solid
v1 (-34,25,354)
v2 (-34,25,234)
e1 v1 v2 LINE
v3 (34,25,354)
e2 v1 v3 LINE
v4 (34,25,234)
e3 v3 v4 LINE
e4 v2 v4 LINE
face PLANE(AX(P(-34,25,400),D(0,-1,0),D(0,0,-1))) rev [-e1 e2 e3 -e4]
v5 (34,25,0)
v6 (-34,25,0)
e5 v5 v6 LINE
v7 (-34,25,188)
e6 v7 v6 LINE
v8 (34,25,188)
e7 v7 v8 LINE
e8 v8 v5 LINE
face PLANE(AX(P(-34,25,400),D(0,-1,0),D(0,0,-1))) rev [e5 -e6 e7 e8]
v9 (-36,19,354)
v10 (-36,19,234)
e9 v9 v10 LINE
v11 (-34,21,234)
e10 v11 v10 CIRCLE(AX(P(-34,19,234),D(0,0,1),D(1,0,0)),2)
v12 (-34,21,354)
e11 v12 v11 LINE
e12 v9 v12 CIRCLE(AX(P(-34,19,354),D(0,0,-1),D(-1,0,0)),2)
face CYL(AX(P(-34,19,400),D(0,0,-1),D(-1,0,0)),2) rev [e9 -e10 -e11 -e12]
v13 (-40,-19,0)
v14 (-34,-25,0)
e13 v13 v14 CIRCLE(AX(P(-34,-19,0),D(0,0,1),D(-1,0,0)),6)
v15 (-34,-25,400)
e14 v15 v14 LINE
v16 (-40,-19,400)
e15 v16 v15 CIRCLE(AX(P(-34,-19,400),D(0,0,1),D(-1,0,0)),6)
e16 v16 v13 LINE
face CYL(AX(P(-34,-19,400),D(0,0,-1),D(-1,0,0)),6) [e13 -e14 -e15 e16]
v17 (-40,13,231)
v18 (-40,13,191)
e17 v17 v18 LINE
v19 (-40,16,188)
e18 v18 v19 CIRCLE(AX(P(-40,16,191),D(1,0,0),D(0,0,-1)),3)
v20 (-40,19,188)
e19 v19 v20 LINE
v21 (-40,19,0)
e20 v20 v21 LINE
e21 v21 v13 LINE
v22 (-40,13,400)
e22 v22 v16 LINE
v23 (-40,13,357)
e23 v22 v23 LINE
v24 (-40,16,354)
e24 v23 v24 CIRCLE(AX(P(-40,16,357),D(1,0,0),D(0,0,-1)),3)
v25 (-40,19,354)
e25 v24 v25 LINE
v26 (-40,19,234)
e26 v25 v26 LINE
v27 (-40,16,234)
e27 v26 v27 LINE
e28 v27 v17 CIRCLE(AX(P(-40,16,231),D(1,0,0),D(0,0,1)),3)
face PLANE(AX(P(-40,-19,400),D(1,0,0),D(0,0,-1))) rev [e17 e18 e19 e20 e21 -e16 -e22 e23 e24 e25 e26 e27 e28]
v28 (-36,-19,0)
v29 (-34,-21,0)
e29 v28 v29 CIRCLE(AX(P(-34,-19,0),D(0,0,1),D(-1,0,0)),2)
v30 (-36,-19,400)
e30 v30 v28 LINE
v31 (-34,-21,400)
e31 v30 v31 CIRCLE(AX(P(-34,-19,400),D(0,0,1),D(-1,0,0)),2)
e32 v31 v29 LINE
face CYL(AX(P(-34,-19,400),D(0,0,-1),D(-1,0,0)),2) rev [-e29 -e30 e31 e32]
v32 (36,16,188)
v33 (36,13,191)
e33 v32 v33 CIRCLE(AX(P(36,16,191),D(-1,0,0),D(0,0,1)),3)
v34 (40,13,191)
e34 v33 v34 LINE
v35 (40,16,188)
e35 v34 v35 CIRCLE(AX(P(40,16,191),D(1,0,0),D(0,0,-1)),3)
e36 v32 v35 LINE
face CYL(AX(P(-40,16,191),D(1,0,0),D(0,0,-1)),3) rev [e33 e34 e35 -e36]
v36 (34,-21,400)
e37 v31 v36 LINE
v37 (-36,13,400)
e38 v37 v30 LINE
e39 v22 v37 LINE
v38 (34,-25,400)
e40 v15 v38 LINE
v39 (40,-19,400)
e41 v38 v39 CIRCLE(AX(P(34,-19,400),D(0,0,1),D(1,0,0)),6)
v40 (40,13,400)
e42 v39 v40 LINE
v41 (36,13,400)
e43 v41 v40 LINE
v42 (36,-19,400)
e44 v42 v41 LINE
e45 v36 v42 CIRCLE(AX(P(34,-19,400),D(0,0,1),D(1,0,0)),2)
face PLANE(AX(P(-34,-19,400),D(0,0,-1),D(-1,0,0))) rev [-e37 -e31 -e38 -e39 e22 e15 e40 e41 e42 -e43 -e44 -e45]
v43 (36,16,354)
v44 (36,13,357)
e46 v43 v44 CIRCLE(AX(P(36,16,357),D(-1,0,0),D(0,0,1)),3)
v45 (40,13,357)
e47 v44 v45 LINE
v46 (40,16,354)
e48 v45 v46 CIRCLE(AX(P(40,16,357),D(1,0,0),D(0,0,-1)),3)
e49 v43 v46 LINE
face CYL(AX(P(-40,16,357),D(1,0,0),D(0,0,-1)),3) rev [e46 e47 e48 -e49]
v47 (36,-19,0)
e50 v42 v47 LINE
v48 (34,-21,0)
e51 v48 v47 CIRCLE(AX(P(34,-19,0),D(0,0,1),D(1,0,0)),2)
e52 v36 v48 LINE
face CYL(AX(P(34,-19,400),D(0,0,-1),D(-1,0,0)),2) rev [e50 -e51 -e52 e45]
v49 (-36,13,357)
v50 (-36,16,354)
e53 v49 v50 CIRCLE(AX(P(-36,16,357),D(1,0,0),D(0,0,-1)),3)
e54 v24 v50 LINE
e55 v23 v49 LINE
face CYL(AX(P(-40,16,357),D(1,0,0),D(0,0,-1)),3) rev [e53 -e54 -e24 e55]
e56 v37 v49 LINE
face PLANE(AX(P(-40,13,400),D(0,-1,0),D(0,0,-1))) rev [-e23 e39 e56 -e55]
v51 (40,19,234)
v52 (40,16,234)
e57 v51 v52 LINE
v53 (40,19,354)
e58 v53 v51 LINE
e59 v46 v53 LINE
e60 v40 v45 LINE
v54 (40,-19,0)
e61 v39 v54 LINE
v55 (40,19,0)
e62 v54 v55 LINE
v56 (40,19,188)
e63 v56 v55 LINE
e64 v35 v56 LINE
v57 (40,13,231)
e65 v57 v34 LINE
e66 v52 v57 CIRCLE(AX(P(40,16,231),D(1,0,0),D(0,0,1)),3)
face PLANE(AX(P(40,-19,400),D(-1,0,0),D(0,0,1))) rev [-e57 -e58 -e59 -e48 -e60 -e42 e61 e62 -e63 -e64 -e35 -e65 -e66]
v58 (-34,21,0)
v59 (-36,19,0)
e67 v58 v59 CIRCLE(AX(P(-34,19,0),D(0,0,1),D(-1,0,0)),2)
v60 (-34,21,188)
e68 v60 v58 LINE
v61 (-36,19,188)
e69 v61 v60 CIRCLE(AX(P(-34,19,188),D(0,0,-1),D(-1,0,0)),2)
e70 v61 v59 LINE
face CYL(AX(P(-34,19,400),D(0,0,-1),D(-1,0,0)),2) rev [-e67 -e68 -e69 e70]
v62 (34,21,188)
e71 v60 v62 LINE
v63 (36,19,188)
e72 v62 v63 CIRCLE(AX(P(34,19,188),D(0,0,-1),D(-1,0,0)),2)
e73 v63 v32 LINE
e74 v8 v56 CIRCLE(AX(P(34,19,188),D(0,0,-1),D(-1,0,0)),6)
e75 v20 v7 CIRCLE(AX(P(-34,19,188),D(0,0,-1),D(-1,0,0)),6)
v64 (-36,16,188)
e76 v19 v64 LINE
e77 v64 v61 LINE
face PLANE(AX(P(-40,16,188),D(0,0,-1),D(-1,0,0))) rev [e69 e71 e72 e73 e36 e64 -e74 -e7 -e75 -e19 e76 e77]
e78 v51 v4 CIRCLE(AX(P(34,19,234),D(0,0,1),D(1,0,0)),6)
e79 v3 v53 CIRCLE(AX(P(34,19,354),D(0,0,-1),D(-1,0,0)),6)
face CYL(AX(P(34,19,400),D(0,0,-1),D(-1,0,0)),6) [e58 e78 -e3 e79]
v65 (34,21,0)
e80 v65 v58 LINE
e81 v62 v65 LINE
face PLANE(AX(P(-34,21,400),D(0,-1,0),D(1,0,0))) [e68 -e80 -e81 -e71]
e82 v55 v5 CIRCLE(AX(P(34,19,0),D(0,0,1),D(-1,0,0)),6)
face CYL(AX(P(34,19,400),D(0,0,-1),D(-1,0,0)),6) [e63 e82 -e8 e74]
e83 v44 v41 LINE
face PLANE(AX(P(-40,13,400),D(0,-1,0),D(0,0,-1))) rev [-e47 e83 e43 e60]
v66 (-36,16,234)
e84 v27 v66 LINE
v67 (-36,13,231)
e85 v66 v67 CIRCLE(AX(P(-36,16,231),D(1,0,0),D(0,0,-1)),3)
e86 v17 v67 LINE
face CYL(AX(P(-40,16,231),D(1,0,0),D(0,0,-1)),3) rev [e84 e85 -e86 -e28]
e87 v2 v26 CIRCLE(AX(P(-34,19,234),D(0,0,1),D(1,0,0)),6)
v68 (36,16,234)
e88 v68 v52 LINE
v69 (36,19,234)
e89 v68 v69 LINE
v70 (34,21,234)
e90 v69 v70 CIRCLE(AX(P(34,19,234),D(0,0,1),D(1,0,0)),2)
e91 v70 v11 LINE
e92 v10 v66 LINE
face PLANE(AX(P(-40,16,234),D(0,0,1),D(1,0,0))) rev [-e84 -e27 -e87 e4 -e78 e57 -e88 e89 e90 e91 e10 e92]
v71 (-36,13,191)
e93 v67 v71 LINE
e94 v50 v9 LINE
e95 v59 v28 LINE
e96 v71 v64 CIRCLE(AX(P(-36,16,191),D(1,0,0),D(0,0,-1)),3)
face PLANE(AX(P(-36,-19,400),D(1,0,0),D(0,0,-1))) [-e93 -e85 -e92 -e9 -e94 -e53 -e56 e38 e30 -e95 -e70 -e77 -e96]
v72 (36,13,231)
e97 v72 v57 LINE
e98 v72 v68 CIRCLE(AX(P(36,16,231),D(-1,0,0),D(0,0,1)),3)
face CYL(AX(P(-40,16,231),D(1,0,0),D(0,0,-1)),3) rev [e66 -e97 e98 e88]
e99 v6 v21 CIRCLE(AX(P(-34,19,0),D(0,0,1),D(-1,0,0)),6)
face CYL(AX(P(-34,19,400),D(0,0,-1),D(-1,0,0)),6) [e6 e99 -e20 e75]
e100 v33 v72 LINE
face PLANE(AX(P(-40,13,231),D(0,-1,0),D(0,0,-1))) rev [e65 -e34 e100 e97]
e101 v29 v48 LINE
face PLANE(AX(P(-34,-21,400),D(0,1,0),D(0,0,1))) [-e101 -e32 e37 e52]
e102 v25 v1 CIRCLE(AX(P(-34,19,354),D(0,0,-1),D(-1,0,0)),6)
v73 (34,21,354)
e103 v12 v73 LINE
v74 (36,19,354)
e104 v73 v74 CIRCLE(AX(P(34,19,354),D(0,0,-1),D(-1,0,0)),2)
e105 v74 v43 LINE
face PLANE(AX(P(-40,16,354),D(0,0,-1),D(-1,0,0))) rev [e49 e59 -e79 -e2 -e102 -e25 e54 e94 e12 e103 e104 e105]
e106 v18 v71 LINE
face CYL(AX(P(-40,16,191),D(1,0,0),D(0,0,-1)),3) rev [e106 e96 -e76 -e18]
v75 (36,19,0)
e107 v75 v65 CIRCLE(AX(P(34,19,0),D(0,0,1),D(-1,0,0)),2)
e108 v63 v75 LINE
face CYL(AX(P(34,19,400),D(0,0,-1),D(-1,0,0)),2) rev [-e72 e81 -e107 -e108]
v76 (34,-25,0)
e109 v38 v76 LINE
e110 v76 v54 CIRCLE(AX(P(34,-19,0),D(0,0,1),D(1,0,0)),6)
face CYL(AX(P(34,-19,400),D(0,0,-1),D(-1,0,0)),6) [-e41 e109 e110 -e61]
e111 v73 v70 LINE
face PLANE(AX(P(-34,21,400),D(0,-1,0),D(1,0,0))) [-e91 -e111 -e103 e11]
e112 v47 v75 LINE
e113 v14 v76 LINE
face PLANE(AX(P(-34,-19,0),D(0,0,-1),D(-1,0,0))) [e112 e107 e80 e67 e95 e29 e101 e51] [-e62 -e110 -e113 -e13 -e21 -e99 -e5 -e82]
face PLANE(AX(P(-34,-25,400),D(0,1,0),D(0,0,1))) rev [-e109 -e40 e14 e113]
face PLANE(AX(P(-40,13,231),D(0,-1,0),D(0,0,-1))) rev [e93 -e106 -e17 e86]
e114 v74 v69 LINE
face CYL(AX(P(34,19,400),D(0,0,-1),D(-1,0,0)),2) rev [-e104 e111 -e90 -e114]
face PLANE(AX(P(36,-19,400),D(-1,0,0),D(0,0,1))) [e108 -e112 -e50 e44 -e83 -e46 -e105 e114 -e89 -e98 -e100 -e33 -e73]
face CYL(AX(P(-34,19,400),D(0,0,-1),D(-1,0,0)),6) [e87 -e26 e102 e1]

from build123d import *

# Parameters (mm, degrees)
EXTRUDE_1_DEPTH     = 400
CUT_EXTRUDE_1_DEPTH = 409.686921738


with BuildPart() as part:
    # Эскиз1 → Бобышка-Вытянуть1 (new body)
    with BuildSketch(Plane.XY):
        with BuildLine():
            Line((-34, -25), (34, -25))
            ThreePointArc((34, -25), (38.242640687, -23.242640687), (40, -19))
            Line((40, -19), (40, 19))
            ThreePointArc((40, 19), (38.242640687, 23.242640687), (34, 25))
            Line((34, 25), (-34, 25))
            ThreePointArc((-34, 25), (-38.242640687, 23.242640687), (-40, 19))
            Line((-40, 19), (-40, -19))
            ThreePointArc((-40, -19), (-38.242640687, -23.242640687), (-34, -25))
        make_face()
        with BuildLine():
            Line((-34, -21), (34, -21))
            ThreePointArc((34, -21), (35.414213562, -20.414213562), (36, -19))
            Line((36, -19), (36, 19))
            ThreePointArc((36, 19), (35.414213562, 20.414213562), (34, 21))
            Line((34, 21), (-34, 21))
            ThreePointArc((-34, 21), (-35.414213562, 20.414213562), (-36, 19))
            Line((-36, 19), (-36, -19))
            ThreePointArc((-36, -19), (-35.414213562, -20.414213562), (-34, -21))
        make_face(mode=Mode.SUBTRACT)
    extrude(amount=EXTRUDE_1_DEPTH)

    # Эскиз2 → Вырез-Вытянуть1 (cut, through all)
    with BuildSketch(Plane(origin=(40, 0, 0), x_dir=(0, 0, -1), z_dir=(1, 0, 0))):
        with BuildLine():
            Line((-400, 13), (-357, 13))
            ThreePointArc((-357, 13), (-354.878679656, 13.878679656), (-354, 16))
            Line((-354, 16), (-354, 25))
            Line((-354, 25), (-400, 25))
            Line((-400, 25), (-400, 13))
        make_face()
        with BuildLine():
            Line((-231, 13), (-191, 13))
            ThreePointArc((-191, 13), (-188.878679656, 13.878679656), (-188, 16))
            Line((-188, 16), (-188, 25))
            Line((-188, 25), (-234, 25))
            Line((-234, 25), (-234, 16))
            ThreePointArc((-234, 16), (-233.121320344, 13.878679656), (-231, 13))
        make_face()
    extrude(amount=-CUT_EXTRUDE_1_DEPTH, mode=Mode.SUBTRACT)


solid = part.part
